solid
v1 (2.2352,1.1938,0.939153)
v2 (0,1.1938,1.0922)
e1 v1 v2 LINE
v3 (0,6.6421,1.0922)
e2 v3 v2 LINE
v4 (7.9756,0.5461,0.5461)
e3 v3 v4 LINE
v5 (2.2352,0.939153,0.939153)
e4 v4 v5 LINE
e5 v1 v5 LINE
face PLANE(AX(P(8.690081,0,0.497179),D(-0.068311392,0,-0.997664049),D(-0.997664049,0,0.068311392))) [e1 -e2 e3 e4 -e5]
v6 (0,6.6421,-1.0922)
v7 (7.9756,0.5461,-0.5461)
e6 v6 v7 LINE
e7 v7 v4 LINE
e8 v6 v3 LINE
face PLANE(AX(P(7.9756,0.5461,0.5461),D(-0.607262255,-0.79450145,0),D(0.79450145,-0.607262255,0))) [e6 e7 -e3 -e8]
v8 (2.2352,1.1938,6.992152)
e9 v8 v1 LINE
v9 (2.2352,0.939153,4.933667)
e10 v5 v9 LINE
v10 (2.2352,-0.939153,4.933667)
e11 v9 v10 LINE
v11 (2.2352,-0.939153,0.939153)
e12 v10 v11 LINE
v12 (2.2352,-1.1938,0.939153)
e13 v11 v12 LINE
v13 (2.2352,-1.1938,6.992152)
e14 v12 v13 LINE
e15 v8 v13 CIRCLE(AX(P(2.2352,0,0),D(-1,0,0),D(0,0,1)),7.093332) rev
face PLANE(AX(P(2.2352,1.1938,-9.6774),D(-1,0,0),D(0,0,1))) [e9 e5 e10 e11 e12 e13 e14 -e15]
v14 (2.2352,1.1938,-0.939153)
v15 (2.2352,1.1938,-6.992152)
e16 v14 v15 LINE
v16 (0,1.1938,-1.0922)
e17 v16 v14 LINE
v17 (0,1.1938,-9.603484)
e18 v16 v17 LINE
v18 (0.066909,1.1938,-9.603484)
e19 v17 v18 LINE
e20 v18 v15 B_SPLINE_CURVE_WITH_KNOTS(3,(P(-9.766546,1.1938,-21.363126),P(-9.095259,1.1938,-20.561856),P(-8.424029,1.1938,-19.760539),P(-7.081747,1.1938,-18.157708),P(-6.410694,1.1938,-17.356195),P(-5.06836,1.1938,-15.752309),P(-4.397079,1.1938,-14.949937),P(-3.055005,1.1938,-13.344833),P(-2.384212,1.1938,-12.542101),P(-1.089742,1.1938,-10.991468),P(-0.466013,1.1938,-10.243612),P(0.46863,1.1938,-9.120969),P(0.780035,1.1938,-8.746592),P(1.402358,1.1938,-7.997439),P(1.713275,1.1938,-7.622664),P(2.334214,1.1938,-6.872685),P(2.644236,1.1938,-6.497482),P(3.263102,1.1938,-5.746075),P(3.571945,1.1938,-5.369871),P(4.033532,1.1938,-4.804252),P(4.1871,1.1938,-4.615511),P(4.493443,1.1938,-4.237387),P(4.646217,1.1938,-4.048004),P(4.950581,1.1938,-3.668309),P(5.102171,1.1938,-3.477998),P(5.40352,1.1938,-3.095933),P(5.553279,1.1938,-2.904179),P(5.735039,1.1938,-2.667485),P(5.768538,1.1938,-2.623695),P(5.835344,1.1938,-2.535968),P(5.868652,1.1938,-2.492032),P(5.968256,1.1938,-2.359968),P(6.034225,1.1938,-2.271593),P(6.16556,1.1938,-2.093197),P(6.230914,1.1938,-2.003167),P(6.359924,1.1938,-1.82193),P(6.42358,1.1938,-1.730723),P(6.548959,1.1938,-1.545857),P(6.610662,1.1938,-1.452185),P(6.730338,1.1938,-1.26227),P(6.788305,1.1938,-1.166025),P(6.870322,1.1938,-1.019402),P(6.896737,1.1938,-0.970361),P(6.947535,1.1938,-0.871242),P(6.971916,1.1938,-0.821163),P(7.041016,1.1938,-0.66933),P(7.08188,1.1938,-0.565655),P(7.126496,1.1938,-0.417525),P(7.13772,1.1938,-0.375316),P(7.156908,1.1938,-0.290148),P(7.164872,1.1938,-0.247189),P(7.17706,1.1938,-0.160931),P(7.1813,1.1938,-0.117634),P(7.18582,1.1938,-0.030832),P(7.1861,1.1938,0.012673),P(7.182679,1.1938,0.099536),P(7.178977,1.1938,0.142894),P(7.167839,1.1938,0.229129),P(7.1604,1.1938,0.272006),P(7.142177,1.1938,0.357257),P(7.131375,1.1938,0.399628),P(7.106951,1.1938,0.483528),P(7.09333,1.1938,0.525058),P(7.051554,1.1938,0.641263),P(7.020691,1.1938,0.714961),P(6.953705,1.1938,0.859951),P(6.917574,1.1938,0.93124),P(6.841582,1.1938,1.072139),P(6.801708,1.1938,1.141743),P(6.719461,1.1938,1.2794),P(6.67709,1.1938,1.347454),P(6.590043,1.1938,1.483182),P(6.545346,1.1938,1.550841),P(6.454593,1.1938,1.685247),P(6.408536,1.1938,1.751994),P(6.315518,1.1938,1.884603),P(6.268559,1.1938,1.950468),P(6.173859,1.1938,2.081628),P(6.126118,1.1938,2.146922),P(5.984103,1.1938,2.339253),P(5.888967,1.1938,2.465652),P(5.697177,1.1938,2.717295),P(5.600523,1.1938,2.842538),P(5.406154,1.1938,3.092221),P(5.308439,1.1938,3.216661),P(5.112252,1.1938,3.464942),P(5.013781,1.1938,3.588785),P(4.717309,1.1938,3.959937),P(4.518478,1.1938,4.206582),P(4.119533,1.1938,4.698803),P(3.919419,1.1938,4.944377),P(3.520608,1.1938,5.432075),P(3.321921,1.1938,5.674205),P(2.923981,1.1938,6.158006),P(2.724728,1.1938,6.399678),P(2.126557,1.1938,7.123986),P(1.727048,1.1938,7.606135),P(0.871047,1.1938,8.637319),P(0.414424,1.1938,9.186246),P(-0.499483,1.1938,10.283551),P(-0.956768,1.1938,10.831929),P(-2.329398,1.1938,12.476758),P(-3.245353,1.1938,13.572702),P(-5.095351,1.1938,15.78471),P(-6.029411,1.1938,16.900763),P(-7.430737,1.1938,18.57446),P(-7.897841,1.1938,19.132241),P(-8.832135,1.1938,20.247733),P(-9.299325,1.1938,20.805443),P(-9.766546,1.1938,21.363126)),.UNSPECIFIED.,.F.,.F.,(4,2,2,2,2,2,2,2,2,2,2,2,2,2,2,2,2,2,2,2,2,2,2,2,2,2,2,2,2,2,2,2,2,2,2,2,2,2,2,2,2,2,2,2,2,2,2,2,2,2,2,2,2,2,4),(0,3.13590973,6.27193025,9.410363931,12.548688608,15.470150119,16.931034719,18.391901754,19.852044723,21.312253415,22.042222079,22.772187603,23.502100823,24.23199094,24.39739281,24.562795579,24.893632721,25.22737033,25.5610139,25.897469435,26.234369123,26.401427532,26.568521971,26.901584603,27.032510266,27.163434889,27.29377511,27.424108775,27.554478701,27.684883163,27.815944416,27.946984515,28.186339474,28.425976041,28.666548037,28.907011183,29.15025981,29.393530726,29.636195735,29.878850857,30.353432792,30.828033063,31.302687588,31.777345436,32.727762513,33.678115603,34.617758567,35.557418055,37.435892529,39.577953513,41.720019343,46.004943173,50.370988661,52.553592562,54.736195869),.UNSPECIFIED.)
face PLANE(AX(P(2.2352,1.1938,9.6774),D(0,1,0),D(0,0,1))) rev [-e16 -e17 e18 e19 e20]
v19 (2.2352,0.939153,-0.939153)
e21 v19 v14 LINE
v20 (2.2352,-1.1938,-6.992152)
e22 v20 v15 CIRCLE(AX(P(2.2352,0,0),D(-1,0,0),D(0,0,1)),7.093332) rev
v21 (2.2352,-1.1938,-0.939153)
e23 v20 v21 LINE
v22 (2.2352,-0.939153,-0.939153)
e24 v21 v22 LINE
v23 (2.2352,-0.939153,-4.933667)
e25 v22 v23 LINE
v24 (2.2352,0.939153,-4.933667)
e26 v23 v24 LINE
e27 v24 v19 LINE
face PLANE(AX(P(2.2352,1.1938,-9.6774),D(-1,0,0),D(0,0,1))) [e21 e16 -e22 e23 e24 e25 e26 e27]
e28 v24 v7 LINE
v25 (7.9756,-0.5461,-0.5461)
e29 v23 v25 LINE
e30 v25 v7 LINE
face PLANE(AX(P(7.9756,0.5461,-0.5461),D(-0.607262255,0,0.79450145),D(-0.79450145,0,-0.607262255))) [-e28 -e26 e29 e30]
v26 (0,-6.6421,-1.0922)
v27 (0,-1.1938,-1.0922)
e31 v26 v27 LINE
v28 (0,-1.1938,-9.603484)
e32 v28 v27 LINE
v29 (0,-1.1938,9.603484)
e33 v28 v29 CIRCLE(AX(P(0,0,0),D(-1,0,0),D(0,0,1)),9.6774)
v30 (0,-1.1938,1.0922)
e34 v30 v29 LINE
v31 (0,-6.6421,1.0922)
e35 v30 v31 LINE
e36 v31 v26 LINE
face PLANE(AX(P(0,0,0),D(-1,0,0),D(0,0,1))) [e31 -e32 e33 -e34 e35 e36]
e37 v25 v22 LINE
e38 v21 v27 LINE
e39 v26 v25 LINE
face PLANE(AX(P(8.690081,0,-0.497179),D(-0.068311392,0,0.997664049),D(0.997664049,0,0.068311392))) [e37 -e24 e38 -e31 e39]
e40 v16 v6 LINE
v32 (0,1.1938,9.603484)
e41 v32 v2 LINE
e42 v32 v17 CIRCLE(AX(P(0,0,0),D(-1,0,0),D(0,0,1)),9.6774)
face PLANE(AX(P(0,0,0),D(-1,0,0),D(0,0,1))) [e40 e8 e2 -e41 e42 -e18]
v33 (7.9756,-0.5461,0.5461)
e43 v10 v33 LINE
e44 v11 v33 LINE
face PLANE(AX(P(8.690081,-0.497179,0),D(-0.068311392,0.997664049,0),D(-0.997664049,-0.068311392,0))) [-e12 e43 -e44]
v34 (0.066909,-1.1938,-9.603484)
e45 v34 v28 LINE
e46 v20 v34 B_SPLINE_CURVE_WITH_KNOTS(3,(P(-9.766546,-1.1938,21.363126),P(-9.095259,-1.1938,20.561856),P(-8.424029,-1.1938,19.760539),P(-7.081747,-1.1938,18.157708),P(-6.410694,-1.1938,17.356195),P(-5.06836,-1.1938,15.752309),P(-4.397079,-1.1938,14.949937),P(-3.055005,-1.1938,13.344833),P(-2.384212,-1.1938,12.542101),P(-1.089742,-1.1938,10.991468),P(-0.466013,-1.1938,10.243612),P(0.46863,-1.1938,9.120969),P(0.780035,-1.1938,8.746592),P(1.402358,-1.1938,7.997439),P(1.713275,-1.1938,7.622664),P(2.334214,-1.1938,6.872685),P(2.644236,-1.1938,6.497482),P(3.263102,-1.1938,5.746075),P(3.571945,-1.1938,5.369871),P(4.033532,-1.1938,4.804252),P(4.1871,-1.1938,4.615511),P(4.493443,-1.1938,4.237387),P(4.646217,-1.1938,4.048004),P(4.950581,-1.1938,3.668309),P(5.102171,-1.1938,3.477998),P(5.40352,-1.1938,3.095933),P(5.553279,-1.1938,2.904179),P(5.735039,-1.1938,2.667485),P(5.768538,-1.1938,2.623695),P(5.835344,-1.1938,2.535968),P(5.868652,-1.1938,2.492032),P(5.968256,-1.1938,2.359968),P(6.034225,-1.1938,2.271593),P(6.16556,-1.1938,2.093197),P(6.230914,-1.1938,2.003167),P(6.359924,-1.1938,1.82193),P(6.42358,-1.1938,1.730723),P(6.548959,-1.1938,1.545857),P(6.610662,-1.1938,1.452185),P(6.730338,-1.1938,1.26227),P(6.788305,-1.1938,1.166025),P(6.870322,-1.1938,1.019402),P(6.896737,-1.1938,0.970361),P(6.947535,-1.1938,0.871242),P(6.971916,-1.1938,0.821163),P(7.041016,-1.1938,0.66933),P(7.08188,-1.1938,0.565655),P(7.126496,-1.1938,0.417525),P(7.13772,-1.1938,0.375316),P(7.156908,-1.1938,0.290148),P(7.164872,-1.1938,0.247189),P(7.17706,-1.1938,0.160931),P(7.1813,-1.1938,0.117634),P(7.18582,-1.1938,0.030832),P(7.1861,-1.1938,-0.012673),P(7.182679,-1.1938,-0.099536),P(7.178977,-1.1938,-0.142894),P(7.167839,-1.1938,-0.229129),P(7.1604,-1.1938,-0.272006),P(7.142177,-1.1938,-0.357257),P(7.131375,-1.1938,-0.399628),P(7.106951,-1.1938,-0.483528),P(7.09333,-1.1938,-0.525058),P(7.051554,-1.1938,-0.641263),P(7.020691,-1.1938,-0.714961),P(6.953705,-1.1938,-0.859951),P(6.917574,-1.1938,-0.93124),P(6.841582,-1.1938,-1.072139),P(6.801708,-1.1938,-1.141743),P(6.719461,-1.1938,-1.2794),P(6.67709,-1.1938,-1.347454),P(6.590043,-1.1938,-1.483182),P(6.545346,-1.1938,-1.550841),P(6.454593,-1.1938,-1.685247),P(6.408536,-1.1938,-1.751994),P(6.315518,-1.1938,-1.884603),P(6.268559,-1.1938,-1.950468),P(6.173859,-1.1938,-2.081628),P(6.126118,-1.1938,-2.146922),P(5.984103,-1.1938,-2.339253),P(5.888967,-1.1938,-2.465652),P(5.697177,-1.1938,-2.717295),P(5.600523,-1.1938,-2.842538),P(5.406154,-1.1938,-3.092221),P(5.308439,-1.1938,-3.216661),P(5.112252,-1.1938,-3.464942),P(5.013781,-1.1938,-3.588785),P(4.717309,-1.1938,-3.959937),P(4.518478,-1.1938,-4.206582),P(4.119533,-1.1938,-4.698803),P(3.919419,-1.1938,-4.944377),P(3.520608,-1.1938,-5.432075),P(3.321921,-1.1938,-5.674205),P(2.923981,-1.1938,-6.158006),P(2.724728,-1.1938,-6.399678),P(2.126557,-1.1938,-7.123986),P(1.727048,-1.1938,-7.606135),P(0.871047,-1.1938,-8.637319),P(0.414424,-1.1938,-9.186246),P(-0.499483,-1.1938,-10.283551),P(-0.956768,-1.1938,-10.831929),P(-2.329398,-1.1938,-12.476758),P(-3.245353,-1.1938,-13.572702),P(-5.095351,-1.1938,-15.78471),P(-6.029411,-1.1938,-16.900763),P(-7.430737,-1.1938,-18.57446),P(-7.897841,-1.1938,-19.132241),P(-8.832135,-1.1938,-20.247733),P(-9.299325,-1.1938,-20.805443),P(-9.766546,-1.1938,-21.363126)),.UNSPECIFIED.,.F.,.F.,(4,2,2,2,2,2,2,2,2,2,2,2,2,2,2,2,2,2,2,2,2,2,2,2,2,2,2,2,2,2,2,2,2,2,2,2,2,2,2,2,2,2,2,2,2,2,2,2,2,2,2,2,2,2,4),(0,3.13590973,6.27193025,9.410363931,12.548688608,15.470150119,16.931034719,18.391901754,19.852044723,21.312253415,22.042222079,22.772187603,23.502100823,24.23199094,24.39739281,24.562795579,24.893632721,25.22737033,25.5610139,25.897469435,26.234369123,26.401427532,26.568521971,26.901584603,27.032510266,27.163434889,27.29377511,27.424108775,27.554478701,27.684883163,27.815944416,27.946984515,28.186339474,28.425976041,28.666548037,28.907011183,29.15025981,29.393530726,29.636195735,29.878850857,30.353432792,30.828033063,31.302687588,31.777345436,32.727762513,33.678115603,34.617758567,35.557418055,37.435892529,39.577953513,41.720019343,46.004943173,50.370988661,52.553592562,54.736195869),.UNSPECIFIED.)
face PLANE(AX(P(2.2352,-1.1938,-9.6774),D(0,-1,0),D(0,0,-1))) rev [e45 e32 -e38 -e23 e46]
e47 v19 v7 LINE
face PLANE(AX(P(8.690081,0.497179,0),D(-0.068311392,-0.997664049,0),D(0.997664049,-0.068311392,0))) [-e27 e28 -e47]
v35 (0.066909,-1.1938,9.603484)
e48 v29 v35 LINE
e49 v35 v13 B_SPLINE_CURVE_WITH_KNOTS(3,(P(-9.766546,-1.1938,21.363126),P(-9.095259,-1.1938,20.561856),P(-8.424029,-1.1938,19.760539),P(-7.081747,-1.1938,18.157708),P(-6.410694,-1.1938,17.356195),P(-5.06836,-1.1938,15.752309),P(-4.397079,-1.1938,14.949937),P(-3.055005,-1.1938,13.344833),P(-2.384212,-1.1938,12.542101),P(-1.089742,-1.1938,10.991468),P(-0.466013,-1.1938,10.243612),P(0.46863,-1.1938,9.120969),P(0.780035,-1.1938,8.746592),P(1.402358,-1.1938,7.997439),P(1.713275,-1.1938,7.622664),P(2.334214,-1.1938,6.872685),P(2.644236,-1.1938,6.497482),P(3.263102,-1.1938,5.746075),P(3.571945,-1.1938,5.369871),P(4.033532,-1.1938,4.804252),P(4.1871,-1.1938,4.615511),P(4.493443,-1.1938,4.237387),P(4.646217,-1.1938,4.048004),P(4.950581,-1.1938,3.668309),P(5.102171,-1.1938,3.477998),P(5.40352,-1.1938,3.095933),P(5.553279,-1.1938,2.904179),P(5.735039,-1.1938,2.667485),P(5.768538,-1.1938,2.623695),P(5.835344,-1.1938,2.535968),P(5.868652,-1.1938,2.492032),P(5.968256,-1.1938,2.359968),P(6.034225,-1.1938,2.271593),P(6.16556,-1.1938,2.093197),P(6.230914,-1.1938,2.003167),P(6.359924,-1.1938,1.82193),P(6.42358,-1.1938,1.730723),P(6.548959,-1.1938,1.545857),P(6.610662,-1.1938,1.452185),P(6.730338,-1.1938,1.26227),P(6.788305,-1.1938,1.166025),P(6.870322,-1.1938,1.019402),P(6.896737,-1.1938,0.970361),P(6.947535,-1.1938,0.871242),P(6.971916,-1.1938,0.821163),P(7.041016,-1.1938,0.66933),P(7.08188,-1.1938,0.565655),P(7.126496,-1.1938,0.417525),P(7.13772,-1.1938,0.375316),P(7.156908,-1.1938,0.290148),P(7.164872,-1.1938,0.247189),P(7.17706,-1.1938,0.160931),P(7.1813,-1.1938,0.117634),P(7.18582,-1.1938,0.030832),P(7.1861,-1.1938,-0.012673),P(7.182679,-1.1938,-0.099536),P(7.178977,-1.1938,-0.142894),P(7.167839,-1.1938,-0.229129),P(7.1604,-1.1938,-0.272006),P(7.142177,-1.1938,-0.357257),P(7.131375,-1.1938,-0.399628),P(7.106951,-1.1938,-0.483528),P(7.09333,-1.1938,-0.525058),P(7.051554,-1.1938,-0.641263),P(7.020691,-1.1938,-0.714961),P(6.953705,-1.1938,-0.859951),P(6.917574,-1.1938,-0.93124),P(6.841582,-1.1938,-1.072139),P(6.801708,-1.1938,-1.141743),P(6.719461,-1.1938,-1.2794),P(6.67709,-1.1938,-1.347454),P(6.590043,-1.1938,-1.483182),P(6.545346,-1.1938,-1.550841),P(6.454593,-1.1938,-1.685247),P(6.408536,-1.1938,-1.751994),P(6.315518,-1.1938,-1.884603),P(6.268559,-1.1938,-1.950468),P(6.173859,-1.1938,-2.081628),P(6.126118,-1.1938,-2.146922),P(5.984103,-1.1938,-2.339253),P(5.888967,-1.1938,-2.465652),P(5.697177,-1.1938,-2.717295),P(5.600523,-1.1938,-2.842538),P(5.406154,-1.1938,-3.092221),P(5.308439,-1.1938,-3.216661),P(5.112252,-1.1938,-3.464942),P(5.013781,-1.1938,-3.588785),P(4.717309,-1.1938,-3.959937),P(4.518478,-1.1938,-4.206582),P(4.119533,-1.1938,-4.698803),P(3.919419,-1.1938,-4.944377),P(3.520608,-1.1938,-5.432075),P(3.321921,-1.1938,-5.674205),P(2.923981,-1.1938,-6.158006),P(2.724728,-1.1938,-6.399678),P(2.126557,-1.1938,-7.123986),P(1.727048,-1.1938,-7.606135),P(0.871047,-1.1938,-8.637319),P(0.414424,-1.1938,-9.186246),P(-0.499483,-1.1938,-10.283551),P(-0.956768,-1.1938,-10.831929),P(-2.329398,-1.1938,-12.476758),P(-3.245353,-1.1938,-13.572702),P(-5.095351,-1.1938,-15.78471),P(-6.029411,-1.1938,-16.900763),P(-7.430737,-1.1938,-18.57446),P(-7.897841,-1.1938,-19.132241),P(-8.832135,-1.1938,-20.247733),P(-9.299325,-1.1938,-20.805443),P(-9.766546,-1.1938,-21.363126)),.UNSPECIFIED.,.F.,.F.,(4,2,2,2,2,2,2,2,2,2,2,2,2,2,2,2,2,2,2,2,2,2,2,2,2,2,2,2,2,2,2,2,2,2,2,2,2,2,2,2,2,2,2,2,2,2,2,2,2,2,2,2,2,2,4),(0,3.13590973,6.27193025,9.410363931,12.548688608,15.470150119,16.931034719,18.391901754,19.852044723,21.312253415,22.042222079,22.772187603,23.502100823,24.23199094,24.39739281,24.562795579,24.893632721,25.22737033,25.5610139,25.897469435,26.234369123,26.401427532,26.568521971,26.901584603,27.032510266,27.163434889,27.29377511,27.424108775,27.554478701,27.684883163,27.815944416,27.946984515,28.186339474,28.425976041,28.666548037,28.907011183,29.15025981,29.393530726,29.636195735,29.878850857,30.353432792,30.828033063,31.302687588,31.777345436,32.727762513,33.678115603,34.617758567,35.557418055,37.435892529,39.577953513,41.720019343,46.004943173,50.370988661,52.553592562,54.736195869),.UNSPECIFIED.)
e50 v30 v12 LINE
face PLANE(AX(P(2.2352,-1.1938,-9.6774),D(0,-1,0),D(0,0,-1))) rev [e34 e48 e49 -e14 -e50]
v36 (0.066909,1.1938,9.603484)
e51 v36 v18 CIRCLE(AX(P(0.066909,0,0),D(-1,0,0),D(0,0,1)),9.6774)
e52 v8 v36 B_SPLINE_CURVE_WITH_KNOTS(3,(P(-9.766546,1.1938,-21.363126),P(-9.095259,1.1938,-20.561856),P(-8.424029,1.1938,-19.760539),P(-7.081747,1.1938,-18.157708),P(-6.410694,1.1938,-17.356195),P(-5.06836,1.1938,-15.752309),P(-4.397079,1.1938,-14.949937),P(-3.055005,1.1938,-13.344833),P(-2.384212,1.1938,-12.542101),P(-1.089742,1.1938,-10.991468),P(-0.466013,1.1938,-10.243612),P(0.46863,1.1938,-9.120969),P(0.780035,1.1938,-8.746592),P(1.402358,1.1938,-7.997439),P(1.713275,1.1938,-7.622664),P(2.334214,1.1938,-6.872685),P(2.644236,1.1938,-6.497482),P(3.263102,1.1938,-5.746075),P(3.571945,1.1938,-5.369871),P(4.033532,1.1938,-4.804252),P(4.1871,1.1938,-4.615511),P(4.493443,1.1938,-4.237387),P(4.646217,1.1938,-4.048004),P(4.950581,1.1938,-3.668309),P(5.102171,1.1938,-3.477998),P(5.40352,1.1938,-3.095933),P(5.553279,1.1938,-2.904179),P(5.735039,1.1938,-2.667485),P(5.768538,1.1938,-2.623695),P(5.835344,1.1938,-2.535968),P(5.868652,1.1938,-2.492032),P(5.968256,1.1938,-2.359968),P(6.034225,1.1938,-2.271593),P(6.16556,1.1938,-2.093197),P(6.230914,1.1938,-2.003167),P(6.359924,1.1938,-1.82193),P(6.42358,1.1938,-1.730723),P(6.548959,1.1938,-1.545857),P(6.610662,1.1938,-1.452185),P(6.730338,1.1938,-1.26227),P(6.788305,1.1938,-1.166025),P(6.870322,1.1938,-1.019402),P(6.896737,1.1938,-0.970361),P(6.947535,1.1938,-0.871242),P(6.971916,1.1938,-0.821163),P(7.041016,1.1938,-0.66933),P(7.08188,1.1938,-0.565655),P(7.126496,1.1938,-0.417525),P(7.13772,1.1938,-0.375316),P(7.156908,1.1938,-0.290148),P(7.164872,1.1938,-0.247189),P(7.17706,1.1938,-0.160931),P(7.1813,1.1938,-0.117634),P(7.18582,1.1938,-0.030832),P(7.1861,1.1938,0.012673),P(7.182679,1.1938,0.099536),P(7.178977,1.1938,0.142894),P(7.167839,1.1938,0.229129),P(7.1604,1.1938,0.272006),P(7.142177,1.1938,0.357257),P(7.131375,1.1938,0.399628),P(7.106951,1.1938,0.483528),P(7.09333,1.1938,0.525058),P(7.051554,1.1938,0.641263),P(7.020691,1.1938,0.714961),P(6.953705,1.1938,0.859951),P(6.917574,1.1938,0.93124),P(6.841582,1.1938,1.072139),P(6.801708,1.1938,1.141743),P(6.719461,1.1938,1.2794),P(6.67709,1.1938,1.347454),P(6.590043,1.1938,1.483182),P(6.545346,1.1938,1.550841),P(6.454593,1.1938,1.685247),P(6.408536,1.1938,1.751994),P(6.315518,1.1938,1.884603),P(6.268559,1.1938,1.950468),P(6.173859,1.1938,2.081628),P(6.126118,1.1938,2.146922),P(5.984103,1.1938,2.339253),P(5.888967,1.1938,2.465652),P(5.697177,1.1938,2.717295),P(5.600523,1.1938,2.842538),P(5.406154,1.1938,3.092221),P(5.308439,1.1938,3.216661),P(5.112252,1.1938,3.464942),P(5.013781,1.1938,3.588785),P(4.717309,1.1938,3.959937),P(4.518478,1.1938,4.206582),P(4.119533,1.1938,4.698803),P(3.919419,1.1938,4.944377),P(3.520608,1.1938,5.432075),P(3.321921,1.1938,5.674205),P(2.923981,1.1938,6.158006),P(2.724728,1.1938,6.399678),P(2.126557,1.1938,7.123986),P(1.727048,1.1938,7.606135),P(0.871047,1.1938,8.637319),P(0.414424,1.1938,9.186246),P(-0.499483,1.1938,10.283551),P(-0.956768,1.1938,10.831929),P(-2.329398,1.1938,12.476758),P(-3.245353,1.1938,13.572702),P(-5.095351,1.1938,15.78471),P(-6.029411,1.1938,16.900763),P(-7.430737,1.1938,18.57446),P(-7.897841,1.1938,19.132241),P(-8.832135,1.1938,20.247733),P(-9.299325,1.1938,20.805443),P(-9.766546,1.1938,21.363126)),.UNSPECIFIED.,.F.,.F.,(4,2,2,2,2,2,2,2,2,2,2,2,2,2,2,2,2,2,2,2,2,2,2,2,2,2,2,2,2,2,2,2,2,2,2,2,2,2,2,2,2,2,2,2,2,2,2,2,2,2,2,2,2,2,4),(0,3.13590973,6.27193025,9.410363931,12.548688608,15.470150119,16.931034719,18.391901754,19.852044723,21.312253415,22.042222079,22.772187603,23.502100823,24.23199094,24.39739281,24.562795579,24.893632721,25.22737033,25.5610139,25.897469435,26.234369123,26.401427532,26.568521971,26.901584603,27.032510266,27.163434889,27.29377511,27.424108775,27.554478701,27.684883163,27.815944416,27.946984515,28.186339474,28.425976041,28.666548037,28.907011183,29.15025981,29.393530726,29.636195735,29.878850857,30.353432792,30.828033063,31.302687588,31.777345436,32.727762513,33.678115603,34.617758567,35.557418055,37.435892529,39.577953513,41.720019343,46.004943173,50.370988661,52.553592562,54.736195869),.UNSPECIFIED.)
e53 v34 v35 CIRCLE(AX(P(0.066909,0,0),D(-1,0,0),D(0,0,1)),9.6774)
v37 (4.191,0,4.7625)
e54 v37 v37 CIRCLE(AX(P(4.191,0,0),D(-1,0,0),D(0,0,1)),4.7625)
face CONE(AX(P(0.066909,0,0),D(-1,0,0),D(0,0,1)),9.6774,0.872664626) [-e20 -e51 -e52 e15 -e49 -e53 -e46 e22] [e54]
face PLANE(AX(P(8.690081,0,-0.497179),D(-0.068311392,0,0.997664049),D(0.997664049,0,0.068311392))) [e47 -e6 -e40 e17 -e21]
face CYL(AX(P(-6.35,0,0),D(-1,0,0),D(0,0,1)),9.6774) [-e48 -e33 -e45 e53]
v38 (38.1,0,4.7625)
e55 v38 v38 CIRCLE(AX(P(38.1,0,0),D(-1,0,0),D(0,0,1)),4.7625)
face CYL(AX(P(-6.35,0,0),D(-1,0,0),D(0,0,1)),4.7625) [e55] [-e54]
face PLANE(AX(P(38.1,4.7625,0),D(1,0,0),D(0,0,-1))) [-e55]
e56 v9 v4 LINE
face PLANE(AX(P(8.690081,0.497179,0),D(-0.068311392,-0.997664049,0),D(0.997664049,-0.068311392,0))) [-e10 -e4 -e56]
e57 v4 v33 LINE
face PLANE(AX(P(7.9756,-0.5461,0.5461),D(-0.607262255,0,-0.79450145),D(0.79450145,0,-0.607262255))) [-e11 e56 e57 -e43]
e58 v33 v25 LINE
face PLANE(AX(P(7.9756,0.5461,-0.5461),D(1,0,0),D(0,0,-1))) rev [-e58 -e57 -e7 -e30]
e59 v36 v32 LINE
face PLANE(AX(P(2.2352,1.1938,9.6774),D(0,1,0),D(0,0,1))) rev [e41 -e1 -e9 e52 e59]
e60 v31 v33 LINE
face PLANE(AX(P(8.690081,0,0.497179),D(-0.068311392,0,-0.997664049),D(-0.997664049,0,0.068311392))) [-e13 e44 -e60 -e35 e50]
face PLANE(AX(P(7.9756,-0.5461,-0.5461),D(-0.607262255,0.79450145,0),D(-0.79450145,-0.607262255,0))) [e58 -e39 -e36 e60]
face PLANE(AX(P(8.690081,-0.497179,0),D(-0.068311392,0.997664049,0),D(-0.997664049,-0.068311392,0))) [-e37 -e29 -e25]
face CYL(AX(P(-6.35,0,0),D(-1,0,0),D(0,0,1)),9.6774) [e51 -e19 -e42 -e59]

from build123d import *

# Parameters (mm, degrees)
SKETCH2_W         = 19.3548
SKETCH2_H         = 2.3876
SLOT_DEPTH        = 2.2352
SKETCH3_W         = 2.1844
SKETCH3_H         = 13.2842
SKETCH4_W         = 1.0922
SKETCH4_H         = 1.0922
CIRPATTERN1_COUNT = 2
CIRPATTERN1_ANGLE = 90


with BuildPart() as part:
    # BodySke → Base-Revolve (revolve)
    with BuildSketch(Plane.XY, mode=Mode.PRIVATE) as base_revolve_sk:
        Polygon((0, 0), (0, 9.6774), (0.066909223, 9.6774), (4.191, 4.7625), (38.1, 4.7625), (38.1, 0), align=None)
    revolve(base_revolve_sk.sketch.rotate(Axis((-6.35, 0, 0), (1, 0, 0)), 90), axis=Axis((-6.35, 0, 0), (1, 0, 0)))  # turned: the seam where the file's is

    # Sketch2 → Slot (cut)
    with BuildSketch(Plane.ZY):
        Rectangle(SKETCH2_W, SKETCH2_H)
    extrude(amount=-SLOT_DEPTH, mode=Mode.SUBTRACT)

    # Sketch3 → Cross section 0
    with BuildSketch(Plane.ZY):
        Rectangle(SKETCH3_W, SKETCH3_H)
    # Sketch4 → Cross section 1
    with BuildSketch(Plane.ZY.offset(-7.9756)):
        Rectangle(SKETCH4_W, SKETCH4_H)
    cross = loft(mode=Mode.SUBTRACT)

    # CirPattern1: Cross ×2 about axis
    cirpattern1_axis = Axis((0, 0, 0), (1, 0, 0))
    for i in range(1, CIRPATTERN1_COUNT):
        add(cross.rotate(cirpattern1_axis, i * CIRPATTERN1_ANGLE / (CIRPATTERN1_COUNT - 1)), mode=Mode.SUBTRACT)


solid = part.part
